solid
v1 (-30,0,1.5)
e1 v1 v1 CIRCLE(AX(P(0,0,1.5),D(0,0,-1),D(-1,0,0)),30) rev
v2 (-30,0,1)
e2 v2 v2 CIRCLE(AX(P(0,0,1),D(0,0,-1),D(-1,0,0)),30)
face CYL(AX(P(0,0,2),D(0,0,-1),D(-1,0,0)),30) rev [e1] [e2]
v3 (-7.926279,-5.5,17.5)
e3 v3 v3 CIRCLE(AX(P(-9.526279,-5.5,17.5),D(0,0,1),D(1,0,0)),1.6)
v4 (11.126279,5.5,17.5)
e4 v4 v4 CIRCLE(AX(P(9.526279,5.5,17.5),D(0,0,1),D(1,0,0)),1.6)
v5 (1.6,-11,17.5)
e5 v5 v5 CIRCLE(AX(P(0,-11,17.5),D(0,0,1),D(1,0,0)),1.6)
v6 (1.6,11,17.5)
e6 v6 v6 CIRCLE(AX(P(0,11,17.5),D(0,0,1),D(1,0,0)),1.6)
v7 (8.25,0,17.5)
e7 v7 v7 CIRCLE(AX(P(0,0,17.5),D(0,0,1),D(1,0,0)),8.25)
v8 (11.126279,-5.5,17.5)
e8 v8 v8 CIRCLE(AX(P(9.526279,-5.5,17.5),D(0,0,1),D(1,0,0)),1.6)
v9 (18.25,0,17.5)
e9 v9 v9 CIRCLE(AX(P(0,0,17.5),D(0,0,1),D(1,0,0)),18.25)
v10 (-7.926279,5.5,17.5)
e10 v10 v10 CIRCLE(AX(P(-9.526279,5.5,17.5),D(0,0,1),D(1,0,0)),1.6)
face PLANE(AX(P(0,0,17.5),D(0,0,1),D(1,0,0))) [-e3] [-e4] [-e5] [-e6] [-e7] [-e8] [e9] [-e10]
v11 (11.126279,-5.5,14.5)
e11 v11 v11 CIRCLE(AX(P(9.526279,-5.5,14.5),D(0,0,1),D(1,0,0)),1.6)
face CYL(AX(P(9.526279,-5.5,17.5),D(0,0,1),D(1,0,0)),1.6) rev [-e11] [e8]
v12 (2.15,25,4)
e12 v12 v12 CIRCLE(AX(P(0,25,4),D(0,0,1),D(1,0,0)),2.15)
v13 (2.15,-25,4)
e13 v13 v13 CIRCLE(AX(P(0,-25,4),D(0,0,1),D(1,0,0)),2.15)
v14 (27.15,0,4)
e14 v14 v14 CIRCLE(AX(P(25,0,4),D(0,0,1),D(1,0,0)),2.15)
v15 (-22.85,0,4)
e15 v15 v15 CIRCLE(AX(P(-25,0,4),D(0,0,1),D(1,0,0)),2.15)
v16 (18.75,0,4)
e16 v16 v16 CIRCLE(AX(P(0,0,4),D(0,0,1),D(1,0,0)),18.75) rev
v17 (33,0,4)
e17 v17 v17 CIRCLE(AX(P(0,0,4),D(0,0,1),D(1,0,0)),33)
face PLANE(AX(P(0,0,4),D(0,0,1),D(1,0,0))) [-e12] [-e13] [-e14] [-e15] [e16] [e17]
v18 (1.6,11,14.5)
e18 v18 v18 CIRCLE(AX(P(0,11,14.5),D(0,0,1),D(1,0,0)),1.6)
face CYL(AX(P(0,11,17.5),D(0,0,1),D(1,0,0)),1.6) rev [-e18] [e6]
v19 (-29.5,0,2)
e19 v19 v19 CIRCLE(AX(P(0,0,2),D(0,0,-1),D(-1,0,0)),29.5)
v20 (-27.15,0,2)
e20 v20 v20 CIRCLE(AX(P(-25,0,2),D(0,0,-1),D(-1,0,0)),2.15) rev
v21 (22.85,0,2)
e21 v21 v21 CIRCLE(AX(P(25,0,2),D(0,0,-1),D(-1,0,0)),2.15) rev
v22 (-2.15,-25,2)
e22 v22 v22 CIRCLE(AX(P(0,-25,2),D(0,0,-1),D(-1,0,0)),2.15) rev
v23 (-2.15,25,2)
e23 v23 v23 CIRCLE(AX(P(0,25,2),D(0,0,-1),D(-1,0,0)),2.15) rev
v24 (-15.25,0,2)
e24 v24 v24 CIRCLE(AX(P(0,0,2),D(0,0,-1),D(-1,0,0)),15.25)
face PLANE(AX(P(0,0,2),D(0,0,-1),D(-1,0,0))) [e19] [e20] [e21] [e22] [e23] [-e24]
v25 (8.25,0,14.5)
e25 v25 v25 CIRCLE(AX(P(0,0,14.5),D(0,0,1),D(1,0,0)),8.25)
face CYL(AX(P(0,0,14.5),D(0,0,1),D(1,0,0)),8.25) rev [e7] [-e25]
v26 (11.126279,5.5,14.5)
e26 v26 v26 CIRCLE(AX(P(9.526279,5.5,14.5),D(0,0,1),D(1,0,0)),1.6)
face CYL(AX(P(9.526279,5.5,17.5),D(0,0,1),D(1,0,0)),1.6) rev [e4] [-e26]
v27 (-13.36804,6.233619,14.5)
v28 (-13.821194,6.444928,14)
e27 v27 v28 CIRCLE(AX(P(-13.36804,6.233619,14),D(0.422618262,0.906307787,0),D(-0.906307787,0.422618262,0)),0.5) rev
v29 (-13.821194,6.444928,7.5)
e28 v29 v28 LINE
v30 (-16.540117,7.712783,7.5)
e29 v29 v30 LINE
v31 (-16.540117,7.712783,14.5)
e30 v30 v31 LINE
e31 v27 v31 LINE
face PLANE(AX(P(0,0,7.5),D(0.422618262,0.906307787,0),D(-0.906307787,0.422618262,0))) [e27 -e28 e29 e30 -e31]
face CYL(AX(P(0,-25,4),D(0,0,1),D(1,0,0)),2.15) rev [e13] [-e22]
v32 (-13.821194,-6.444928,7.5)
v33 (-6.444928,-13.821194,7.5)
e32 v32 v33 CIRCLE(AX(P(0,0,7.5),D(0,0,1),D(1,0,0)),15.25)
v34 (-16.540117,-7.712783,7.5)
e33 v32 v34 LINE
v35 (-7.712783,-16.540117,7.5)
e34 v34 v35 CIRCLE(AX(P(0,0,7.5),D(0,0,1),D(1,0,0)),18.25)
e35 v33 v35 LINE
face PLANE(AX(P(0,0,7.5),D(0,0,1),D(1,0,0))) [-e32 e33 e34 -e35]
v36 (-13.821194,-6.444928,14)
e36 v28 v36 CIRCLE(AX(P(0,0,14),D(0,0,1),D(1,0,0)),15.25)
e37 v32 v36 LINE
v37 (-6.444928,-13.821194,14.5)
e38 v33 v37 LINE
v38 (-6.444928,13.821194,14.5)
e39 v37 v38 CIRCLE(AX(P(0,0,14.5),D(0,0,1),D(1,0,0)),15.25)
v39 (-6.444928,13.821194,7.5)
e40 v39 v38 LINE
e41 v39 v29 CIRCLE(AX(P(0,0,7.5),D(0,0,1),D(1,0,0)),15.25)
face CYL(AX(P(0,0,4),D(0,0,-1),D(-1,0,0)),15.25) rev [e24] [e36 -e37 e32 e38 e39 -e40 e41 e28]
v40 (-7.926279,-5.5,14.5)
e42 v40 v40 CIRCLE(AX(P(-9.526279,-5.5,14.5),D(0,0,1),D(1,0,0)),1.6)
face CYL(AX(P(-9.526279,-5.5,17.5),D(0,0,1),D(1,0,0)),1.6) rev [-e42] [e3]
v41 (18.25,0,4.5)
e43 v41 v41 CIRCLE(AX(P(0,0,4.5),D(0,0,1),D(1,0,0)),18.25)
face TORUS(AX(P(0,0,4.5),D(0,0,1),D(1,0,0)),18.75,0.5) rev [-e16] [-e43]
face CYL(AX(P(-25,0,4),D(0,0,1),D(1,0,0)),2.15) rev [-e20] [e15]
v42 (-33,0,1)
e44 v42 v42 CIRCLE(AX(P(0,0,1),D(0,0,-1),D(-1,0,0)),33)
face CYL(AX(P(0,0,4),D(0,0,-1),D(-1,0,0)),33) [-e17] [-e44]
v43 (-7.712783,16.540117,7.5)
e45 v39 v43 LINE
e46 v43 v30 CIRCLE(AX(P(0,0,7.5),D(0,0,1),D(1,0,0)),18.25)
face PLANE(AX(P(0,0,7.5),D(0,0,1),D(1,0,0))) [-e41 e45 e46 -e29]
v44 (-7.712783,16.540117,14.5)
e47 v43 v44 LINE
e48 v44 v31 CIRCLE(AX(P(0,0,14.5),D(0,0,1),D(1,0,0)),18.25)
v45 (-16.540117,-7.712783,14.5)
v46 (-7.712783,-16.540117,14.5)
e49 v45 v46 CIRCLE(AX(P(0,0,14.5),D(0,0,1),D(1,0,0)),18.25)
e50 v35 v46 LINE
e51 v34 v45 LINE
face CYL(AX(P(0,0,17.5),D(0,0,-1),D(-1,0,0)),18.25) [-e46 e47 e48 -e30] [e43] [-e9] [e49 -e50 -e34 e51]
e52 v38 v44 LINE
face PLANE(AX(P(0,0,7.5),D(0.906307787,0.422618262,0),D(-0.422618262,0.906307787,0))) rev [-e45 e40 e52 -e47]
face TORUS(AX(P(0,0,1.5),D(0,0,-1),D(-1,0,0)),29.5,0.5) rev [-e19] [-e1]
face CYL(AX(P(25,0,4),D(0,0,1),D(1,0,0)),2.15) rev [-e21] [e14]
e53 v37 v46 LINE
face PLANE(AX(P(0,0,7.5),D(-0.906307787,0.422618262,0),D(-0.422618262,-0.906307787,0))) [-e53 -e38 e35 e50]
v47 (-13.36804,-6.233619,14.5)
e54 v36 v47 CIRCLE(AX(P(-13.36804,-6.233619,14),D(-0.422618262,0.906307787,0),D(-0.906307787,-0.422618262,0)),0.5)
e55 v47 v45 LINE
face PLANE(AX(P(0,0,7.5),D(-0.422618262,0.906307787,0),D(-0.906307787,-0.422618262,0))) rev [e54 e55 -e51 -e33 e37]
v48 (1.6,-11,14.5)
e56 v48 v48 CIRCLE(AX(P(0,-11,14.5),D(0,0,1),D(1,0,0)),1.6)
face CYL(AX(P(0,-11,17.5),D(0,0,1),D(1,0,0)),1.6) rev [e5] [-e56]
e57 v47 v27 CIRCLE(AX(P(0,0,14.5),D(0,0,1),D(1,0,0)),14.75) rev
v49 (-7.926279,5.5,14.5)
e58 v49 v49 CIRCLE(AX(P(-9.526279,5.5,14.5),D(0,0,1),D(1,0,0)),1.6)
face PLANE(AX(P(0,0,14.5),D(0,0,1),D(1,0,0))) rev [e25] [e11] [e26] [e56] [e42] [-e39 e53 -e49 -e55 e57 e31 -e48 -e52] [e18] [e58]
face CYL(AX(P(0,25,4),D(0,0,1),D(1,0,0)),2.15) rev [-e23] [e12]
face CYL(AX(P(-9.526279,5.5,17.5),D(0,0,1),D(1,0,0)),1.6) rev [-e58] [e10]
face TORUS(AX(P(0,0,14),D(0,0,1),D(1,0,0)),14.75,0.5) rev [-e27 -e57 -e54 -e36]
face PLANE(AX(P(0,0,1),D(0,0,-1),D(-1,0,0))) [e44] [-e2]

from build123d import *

# Parameters (mm, degrees)
SKETCH1_R            = 33
SKETCH1_R_2          = 15.25
BOSS_EXTRUDE1_DEPTH  = 4
SKETCH2_R            = 18.25
SKETCH2_R_2          = 15.25
BOSS_EXTRUDE2_DEPTH  = 13.5
SKETCH3_R            = 18.25
SKETCH3_R_2          = 8.25
BOSS_EXTRUDE3_DEPTH  = 3
M3_CLEARANCE_HOLE2_D = 3.2
CUT_EXTRUDE2_DEPTH   = 7
SKETCH10_R           = 35
CUT_EXTRUDE3_DEPTH   = 1
M4_CLEARANCE_HOLE1_D = 4.3
FILLET1_R            = 0.5
FILLET2_R            = 0.5
SKETCH13_R           = 30
CUT_EXTRUDE4_DEPTH   = 1
FILLET3_R            = 0.5


with BuildPart() as part:
    # Sketch1 → Boss-Extrude1 (new body)
    with BuildSketch(Plane.XY):
        Circle(SKETCH1_R)
        Circle(SKETCH1_R_2, mode=Mode.SUBTRACT)
    extrude(amount=BOSS_EXTRUDE1_DEPTH)

    # Sketch2 → Boss-Extrude2 (add)
    with BuildSketch(Plane.XY.offset(4)):
        Circle(SKETCH2_R)
        Circle(SKETCH2_R_2, mode=Mode.SUBTRACT)
    extrude(amount=BOSS_EXTRUDE2_DEPTH)

    # Sketch3 → Boss-Extrude3 (add)
    with BuildSketch(Plane.XY.offset(17.5)):
        Circle(SKETCH3_R)
        Circle(SKETCH3_R_2, mode=Mode.SUBTRACT)
    extrude(amount=-BOSS_EXTRUDE3_DEPTH)

    # M3 Clearance Hole2 (through all)
    with Locations(Plane.XY.offset(17.5)):
        with Locations((0, 11), (9.526279442, 5.5), (9.526279442, -5.5), (0, -11), (-9.526279442, -5.5), (-9.526279442, 5.5), (0, 0)):
            Hole(M3_CLEARANCE_HOLE2_D / 2)

    # Sketch9 → Cut-Extrude2 (cut)
    with BuildSketch(Plane.XY.offset(14.5)):
        with BuildLine():
            ThreePointArc((-12.688309019, 5.916655664), (-9.899494937, 9.899494937), (-5.916655664, 12.688309019))
            Line((-5.916655664, 12.688309019), (-7.712783277, 16.540117113))
            ThreePointArc((-7.712783277, 16.540117113), (-12.904698757, 12.904698757), (-16.540117113, 7.712783277))
            Line((-16.540117113, 7.712783277), (-12.688309019, 5.916655664))
        make_face()
        with BuildLine():
            Line((-7.712783277, -16.540117113), (-5.916655664, -12.688309019))
            ThreePointArc((-5.916655664, -12.688309019), (-9.899494937, -9.899494937), (-12.688309019, -5.916655664))
            Line((-12.688309019, -5.916655664), (-16.540117113, -7.712783277))
            ThreePointArc((-16.540117113, -7.712783277), (-12.904698757, -12.904698757), (-7.712783277, -16.540117113))
        make_face()
    extrude(amount=-CUT_EXTRUDE2_DEPTH, mode=Mode.SUBTRACT)

    # Sketch10 → Cut-Extrude3 (cut)
    with BuildSketch(Plane(origin=(0, 0, 0), x_dir=(-1, 0, 0), z_dir=(0, 0, -1))):
        Circle(SKETCH10_R)
    extrude(amount=-CUT_EXTRUDE3_DEPTH, mode=Mode.SUBTRACT)

    # M4 Clearance Hole1 (through all)
    with Locations(Plane.XY.offset(4)):
        with Locations((0, 25), (25, 0), (0, -25), (-25, 0), (0, 0)):
            Hole(M4_CLEARANCE_HOLE1_D / 2)

    # Fillet1
    fillet1_edges = [part.edges().sort_by_distance(p)[0] for p in [
        (-18.25, 0, 4),
        (-15.25, 0, 14.5),
    ]]
    fillet(fillet1_edges, radius=FILLET1_R)

    # Fillet2
    fillet2_edges = [part.edges().sort_by_distance(p)[0] for p in [
        (-15.25, 0, 1),
    ]]
    fillet(fillet2_edges, radius=FILLET2_R)

    # Sketch13 → Cut-Extrude4 (cut)
    with BuildSketch(Plane(origin=(0, 0, 1), x_dir=(-1, 0, 0), z_dir=(0, 0, -1))):
        Circle(SKETCH13_R)
    extrude(amount=-CUT_EXTRUDE4_DEPTH, mode=Mode.SUBTRACT)

    # Fillet3
    fillet3_edges = [part.edges().sort_by_distance(p)[0] for p in [
        (30, 0, 2),
    ]]
    fillet(fillet3_edges, radius=FILLET3_R)


solid = part.part
